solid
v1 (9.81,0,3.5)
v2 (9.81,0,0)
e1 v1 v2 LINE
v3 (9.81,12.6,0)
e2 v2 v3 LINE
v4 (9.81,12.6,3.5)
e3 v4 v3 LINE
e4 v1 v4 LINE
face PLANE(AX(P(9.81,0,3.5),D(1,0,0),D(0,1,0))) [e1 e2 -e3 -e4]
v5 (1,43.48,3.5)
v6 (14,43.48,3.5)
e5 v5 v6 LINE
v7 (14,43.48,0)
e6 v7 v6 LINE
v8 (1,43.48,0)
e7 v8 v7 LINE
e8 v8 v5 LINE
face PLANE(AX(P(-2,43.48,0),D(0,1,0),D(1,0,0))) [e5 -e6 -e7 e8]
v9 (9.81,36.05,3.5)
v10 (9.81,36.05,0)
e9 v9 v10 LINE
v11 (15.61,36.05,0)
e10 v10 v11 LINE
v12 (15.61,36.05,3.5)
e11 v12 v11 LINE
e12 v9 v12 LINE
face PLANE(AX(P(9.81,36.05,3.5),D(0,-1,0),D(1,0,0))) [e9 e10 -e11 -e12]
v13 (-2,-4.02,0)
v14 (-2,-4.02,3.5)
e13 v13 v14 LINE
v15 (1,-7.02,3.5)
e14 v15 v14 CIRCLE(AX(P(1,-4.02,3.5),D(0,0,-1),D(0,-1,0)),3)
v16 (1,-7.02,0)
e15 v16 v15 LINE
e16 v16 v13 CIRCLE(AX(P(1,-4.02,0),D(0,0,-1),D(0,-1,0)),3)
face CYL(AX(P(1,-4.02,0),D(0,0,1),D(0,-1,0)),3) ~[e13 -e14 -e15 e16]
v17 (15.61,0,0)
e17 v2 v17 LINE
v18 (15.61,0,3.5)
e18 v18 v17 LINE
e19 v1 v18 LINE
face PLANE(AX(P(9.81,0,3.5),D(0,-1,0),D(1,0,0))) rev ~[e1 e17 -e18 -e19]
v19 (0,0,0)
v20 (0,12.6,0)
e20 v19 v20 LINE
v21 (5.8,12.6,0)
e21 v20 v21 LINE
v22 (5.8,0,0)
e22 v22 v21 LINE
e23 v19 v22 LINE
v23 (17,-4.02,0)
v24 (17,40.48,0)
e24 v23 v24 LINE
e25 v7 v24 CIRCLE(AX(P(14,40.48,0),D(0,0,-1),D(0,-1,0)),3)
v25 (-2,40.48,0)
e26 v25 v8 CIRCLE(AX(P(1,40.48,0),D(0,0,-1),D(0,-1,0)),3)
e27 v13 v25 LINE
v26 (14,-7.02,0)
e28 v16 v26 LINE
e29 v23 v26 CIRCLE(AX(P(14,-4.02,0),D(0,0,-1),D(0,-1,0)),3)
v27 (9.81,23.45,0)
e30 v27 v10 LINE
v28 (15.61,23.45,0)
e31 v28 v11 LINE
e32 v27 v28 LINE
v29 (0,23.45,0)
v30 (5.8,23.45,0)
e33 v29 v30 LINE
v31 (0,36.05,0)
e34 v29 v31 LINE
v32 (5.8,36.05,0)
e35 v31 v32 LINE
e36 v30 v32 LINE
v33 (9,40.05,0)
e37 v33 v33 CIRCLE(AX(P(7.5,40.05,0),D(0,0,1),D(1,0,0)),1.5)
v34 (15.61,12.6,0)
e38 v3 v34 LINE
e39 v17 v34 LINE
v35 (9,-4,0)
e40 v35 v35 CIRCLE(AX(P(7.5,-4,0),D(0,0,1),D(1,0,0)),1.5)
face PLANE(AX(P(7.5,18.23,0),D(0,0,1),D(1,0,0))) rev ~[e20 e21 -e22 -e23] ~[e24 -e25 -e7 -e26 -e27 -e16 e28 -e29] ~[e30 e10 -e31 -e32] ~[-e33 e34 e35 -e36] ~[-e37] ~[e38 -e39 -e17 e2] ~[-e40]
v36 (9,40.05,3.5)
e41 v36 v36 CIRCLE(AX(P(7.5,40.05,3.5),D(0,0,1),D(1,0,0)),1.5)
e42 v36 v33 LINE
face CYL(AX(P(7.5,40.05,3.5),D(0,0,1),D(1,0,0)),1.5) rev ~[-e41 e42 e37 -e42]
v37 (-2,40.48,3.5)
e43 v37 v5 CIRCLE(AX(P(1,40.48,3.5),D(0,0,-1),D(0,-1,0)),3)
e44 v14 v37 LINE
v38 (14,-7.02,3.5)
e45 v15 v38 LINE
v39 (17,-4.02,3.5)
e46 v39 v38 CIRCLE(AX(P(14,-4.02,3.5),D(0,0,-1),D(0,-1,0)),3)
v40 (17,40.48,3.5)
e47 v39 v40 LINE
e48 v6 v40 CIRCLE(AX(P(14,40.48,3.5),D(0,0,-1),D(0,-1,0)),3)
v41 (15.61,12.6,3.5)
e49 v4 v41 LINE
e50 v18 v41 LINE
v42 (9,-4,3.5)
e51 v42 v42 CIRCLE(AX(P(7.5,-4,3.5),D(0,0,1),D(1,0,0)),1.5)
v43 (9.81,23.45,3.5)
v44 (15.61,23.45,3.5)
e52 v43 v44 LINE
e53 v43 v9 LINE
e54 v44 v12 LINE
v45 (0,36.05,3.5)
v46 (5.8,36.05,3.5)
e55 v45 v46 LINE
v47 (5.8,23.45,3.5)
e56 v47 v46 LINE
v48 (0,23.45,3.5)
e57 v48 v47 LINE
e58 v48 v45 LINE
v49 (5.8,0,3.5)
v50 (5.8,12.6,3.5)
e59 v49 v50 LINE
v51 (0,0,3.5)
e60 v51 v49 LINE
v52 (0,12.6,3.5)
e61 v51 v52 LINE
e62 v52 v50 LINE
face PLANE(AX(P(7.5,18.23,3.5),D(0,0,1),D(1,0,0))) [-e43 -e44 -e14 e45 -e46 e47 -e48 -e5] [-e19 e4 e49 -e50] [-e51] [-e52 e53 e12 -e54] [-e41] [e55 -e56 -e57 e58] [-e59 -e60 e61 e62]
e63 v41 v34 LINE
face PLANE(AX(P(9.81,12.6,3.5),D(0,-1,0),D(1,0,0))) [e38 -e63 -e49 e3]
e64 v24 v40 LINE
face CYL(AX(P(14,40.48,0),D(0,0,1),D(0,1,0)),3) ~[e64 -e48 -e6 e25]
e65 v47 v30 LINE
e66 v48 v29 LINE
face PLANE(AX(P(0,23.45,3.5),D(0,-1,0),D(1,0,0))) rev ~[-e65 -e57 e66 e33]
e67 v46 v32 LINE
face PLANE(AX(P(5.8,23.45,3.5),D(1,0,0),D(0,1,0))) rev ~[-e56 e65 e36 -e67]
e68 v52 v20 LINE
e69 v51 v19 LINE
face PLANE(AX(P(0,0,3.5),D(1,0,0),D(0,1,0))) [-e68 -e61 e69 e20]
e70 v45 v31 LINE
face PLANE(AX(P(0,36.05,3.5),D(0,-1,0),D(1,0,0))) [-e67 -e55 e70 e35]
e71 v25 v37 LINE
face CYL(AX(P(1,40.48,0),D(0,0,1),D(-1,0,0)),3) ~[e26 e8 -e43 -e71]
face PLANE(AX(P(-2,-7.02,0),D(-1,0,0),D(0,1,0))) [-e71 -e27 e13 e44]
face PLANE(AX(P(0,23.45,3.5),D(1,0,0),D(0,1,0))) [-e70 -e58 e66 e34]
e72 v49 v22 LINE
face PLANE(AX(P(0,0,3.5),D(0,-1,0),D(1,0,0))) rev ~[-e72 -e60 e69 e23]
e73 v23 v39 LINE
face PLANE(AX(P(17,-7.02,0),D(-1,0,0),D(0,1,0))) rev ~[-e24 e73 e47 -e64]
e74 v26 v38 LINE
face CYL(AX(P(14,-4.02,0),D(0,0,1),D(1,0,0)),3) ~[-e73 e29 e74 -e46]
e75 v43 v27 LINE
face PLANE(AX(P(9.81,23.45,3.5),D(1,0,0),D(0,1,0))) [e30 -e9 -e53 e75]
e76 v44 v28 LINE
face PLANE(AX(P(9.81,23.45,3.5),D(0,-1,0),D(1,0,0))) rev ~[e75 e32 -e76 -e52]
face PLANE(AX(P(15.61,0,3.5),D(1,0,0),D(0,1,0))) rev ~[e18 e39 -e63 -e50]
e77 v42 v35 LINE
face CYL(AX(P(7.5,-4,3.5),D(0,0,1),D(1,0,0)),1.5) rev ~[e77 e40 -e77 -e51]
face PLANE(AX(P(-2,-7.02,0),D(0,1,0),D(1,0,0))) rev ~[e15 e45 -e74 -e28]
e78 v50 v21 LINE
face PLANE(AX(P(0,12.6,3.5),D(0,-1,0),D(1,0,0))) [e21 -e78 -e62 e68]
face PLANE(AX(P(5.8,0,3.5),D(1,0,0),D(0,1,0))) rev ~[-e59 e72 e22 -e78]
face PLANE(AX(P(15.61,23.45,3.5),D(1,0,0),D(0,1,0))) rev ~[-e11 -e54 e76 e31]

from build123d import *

# Parameters (mm, degrees)
SKETCH_W     = 19
SKETCH_H     = 50.5
PAD_DEPTH    = 3.5
SKETCH001_R  = 1.5
SKETCH001_W  = 5.8
SKETCH001_H  = 12.6
POCKET_DEPTH = 3.5
FILLET_R     = 3
FILLET001_R  = 3
FILLET002_R  = 3
FILLET003_R  = 3


with BuildPart() as part:
    # Sketch → Pad (new body)
    with BuildSketch(Plane.XY):
        with Locations((7.5, 18.23)):
            Rectangle(SKETCH_W, SKETCH_H)
    extrude(amount=PAD_DEPTH)

    # Sketch001 (on Face6 of Pad) → Pocket (cut)
    with BuildSketch(Plane.XY.offset(3.5)):
        with Locations((7.5, -4)):
            Circle(SKETCH001_R)
        with Locations((7.5, 40.05)):
            Circle(SKETCH001_R)
        with Locations((2.9, 29.75)):
            Rectangle(SKETCH001_W, SKETCH001_H)
        with Locations((12.71, 29.75)):
            Rectangle(SKETCH001_W, SKETCH001_H)
        with Locations((2.9, 6.3)):
            Rectangle(SKETCH001_W, SKETCH001_H)
        with Locations((12.71, 6.3)):
            Rectangle(SKETCH001_W, SKETCH001_H)
    extrude(amount=-POCKET_DEPTH, mode=Mode.SUBTRACT)

    # Fillet
    fillet_edges = [part.edges().sort_by_distance(p)[0] for p in [
        (-2, 43.48, 1.75),
    ]]
    fillet(fillet_edges, radius=FILLET_R)

    # Fillet001
    fillet001_edges = [part.edges().sort_by_distance(p)[0] for p in [
        (17, 43.48, 1.75),
    ]]
    fillet(fillet001_edges, radius=FILLET001_R)

    # Fillet002
    fillet002_edges = [part.edges().sort_by_distance(p)[0] for p in [
        (17, -7.02, 1.75),
    ]]
    fillet(fillet002_edges, radius=FILLET002_R)

    # Fillet003
    fillet003_edges = [part.edges().sort_by_distance(p)[0] for p in [
        (-2, -7.02, 1.75),
    ]]
    fillet(fillet003_edges, radius=FILLET003_R)


solid = part.part
